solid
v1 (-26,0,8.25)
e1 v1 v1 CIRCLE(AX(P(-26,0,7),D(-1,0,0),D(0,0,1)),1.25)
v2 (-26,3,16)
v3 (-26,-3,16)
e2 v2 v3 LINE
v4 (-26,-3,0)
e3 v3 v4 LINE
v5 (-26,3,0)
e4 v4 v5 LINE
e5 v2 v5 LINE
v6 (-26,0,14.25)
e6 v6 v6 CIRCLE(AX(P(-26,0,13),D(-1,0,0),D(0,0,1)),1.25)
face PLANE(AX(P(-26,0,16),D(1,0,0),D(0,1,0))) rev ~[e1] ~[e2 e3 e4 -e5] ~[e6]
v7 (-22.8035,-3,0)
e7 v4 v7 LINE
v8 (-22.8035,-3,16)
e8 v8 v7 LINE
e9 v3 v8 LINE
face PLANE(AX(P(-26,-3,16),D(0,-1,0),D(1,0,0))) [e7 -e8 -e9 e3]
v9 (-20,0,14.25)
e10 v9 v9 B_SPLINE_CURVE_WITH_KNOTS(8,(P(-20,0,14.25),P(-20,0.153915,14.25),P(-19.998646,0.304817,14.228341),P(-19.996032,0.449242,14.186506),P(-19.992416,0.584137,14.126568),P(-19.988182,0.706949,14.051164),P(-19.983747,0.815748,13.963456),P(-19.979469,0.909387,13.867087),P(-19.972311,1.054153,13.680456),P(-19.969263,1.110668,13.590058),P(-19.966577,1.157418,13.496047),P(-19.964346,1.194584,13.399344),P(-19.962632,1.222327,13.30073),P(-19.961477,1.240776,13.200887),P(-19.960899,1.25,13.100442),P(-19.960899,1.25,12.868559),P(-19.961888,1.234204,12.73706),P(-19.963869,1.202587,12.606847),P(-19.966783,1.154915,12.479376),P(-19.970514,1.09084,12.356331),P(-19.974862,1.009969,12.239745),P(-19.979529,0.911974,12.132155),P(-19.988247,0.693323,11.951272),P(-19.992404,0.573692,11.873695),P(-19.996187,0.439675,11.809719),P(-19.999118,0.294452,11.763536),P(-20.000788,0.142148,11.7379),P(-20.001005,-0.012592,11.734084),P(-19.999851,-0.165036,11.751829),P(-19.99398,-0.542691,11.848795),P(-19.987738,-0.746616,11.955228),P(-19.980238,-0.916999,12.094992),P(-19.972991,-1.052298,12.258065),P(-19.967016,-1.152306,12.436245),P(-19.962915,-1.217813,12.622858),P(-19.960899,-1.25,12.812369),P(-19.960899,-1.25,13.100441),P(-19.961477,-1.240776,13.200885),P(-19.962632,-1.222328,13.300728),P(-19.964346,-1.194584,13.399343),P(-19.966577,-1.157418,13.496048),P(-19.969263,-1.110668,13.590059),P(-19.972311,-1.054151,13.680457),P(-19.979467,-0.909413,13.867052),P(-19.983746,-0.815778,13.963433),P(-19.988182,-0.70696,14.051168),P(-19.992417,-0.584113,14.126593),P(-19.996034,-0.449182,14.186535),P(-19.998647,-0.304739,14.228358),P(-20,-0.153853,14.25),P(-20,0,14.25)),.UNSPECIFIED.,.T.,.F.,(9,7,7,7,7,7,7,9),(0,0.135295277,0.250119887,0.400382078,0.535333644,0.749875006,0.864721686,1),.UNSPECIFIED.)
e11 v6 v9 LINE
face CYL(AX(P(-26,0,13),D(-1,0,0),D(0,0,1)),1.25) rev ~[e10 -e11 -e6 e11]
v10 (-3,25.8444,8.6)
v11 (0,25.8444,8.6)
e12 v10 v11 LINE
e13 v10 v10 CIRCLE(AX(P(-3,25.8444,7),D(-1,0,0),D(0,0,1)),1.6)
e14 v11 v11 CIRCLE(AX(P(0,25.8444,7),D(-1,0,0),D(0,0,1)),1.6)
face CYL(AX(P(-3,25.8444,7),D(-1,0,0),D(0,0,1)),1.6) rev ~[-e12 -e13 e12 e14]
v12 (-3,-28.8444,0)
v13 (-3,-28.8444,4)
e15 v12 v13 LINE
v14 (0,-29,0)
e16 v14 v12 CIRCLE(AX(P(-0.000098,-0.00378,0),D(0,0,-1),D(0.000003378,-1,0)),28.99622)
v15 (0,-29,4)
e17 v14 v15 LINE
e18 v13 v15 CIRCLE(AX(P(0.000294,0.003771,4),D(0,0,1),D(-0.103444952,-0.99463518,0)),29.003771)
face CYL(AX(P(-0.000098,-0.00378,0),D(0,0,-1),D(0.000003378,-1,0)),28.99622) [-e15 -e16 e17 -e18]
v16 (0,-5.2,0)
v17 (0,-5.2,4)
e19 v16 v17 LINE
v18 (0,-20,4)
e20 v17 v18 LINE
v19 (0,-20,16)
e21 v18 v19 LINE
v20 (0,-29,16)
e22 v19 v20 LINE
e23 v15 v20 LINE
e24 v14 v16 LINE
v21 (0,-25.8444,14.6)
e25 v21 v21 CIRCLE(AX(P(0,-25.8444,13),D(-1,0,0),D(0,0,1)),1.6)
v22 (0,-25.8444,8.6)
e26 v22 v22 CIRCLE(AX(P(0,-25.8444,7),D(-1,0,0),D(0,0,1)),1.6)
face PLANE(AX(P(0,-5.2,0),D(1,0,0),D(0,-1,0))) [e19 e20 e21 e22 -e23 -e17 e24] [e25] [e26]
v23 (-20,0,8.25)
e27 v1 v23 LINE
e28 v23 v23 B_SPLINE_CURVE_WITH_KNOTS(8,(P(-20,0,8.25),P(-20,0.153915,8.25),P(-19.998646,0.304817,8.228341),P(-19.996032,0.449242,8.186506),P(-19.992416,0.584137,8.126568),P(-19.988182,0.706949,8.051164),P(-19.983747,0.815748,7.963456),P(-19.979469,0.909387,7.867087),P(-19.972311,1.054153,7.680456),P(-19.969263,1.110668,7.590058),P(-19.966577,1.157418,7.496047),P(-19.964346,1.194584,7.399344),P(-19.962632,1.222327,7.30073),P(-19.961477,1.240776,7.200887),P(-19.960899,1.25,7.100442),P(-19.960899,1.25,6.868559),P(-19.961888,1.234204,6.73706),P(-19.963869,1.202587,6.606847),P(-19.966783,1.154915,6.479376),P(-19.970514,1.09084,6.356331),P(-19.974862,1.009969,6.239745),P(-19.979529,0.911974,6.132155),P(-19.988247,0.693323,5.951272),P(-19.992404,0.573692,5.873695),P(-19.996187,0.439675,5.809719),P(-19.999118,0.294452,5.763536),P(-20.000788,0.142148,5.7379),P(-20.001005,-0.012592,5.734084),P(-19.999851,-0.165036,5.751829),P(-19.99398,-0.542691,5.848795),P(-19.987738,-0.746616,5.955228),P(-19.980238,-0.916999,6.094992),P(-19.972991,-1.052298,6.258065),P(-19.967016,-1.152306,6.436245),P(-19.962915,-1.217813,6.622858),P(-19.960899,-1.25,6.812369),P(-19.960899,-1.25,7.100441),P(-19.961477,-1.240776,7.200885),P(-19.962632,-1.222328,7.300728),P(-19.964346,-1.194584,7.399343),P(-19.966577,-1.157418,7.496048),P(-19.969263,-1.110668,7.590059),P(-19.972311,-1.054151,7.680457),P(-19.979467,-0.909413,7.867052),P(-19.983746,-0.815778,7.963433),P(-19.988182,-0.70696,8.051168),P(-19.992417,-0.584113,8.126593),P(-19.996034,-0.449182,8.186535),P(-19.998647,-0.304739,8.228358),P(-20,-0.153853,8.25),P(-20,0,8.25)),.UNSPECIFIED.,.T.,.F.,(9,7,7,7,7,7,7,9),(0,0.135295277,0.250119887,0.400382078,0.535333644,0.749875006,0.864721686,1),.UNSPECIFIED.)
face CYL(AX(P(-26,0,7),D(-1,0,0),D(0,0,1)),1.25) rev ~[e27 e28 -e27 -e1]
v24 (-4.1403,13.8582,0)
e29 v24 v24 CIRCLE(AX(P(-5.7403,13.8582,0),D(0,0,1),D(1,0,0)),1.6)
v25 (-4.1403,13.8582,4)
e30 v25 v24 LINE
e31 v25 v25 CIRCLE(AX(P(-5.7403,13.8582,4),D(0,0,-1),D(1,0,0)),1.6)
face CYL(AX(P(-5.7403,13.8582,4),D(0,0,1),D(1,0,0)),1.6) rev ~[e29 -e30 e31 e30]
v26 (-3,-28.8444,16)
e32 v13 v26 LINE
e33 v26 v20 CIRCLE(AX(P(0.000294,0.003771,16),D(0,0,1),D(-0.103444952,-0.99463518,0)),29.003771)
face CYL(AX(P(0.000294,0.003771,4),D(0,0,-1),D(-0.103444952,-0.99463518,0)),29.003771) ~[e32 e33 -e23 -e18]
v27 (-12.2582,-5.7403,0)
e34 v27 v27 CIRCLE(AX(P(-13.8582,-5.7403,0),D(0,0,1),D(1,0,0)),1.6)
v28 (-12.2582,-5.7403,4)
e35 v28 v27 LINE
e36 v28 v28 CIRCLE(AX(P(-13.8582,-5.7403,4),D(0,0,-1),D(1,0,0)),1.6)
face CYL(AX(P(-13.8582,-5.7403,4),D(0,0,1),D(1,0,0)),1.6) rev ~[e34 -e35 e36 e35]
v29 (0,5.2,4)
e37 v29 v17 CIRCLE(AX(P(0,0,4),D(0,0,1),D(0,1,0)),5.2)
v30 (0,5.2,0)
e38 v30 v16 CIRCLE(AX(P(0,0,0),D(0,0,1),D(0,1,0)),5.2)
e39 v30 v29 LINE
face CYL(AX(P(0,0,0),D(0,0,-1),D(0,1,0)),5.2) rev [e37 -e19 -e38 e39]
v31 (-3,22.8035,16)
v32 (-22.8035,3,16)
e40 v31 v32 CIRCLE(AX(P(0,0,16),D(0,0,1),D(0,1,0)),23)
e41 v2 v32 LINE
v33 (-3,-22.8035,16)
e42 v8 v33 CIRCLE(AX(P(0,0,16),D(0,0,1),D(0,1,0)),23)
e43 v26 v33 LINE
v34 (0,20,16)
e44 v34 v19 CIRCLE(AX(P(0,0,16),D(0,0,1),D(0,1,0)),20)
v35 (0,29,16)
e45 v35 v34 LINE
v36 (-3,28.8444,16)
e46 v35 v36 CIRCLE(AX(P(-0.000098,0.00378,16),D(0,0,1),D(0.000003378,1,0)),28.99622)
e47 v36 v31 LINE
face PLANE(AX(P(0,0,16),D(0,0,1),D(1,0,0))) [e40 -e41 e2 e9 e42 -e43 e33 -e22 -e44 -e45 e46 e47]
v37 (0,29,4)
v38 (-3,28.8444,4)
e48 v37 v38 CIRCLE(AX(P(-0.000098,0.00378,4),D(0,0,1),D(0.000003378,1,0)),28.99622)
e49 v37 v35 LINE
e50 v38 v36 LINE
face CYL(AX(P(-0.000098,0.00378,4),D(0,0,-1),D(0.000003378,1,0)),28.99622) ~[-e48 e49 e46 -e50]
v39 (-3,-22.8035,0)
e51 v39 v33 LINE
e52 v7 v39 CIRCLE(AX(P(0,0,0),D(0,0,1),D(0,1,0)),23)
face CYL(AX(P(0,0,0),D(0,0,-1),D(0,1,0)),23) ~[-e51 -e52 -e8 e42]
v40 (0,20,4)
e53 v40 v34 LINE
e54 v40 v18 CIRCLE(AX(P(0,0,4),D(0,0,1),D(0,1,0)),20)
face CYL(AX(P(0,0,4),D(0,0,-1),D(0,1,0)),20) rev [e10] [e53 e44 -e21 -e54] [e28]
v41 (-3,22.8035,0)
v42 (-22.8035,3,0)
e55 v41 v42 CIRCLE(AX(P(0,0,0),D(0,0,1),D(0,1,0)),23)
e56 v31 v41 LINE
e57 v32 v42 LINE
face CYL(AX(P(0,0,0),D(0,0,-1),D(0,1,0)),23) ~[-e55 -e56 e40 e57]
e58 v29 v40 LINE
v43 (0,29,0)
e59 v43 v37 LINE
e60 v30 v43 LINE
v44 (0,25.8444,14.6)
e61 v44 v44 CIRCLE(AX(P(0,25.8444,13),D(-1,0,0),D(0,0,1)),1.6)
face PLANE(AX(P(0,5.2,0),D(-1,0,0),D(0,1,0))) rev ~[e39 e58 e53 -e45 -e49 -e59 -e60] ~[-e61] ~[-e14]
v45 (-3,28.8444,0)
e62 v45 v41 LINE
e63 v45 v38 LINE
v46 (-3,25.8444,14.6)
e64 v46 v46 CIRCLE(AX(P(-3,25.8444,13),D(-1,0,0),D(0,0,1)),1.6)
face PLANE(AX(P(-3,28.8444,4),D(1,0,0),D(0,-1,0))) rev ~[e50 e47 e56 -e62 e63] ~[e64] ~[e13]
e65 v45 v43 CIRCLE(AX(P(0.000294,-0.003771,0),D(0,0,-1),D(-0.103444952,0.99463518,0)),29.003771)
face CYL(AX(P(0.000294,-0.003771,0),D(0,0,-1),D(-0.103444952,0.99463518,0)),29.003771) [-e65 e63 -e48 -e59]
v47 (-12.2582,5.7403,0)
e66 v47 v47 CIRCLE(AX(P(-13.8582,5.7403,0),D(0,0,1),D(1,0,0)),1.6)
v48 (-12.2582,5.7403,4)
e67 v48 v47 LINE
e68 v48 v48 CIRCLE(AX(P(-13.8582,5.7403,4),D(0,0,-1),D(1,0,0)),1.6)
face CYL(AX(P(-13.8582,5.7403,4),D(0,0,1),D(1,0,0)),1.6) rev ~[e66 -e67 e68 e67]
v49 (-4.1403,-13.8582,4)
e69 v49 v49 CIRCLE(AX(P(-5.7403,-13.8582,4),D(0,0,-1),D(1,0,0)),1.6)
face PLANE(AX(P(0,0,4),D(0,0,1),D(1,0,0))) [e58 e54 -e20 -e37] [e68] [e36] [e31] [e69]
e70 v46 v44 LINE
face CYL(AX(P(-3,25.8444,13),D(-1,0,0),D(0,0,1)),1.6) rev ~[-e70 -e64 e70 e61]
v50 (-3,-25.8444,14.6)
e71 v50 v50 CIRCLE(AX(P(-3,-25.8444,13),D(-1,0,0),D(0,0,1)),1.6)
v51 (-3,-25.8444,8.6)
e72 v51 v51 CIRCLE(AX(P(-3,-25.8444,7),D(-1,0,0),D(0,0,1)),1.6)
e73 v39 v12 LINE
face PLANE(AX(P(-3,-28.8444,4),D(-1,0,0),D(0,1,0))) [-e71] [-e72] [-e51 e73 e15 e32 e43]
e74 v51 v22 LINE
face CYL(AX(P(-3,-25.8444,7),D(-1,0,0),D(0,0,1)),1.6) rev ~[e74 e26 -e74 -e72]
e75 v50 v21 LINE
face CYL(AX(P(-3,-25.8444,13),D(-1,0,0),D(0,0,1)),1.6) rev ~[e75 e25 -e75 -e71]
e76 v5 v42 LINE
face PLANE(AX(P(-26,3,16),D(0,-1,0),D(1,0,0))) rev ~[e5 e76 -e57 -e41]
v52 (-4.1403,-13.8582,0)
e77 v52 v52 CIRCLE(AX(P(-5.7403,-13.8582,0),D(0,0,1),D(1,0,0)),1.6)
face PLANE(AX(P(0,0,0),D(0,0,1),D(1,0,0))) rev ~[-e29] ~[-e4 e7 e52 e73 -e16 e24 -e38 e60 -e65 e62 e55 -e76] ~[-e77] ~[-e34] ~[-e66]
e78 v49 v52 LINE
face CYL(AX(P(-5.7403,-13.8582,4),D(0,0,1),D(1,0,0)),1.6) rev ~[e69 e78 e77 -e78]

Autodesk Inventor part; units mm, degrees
ref_plane "YZ Plane" through (0, 0, 0) normal (1, 0, 0) x (0, 1, 0)
ref_plane "XZ Plane" through (0, 0, 0) normal (0, 1, 0) x (-1, 0, 0)
ref_plane "XY Plane" through (0, 0, 0) normal (0, 0, 1) x (1, 0, 0)
sketch "스케치1" plane through (0, 0, 0) normal (0, 0, 1) x (1, 0, 0)
  arc A0 (0, 5.2) -> (0, -5.2) centre (0, 0) ccw
  arc A1 (0, 23) -> (0, -23) centre (0, 0) ccw
  line L0 (0, 0) -> (0, 23)
  line L1 (0, 0) -> (0, -23)
  dimension "d0" = 10.4
  dimension "d1" = 46
extrude "돌출1" add sketch "스케치1" along normal blind 4 contours A0 L1 A1 L0
sketch "스케치2" plane through (0, 0, 4) normal (0, 0, 1) x (1, 0, 0)
  arc A0 (0, 20) -> (0, -20) centre (0, 0) ccw
  arc A1 (0, 23) -> (0, -23) centre (0, 0) ccw
  line L0 (0, 20) -> (0, 29)
  line L1 (0, 0) -> (0, -29)
  arc A2 (-3, -28.8444) -> (0, -29) centre (0, 0) ccw
  arc A3 (0, 29) -> (-3, 28.8444) centre (0, 0) ccw
  line L2 (-3, 28.8444) -> (-3, 19.7737)
  line L3 (-3, -19.7737) -> (-3, -22.8035)
  line L4 (-3, -28.8444) -> (-3, -19.7737)
  line L5 (-3, 19.7737) -> (-3, 28.8444)
  line L6 (-3, 22.8035) -> (-3, 19.7737)
  line L7 (-3, -19.7737) -> (-3, -28.8444)
  line L8 (0, -29) -> (0, -20)
  line L9 (0, 20) -> (0, 29)
  line L10 (0, 29) -> (0, 20)
  line L11 (0, -20) -> (0, -29)
  dimension "d4" = 40
  dimension "d5" = 46
  dimension "d6" = 29
  dimension "d7" = 29
extrude "돌출2" add sketch "스케치2" along normal blind 12
sketch "스케치3" plane through (-3, -28.8444, 4) normal (-1, 0, 0) x (0, 0, 1)
  line L0 (0, 51.6479) -> (12, 51.6479) projected
  line L1 (12, 57.6888) -> (12, 51.6479) projected
  line L2 (0, 57.6888) -> (12, 57.6888) projected
  line L3 (0, 57.6888) -> (0, 51.6479) projected
  line L4 (12, 6.0409) -> (0, 6.0409) projected
  line L5 (0, 6.0409) -> (0, 0) projected
  line L6 (0, 0) -> (12, 0) projected
  line L7 (12, 6.0409) -> (12, 0) projected
  circle A0 centre (9, 3) radius 1.6
  circle A1 centre (3, 3) radius 1.6
  circle A2 centre (9, 54.6888) radius 1.6
  circle A3 centre (3, 54.6888) radius 1.6
  point P0 (-4, 28.8444)
  dimension "d16" = 3.2
  dimension "d17" = 3.2
  dimension "d18" = 3.2
  dimension "d19" = 3.2
  dimension "d20" = 3
  dimension "d21" = 3
  dimension "d22" = 3
  dimension "d23" = 3
  dimension "d24" = 3
  dimension "d25" = 3
  dimension "d26" = 3
  dimension "d27" = 3
extrude "돌출3" cut sketch "스케치3" against normal up to surface (3 mm away) contours A0 | A1 | A2 | A3
sketch "스케치4" plane through (0, 0, 4) normal (0, 0, 1) x (1, 0, 0)
  circle A0 centre (-5.7403, 13.8582) radius 1.25
  circle A1 centre (-5.7403, -13.8582) radius 1.25
  circle A2 centre (-13.8582, -5.7403) radius 1.25
  circle A3 centre (-13.8582, 5.7403) radius 1.25
  line L0 (-0.7301, 13.7687) -> (-0.7301, 13.7687)
  circle A4 centre (-5.7403, 13.8582) radius 1.6
  circle A5 centre (-13.8582, 5.7403) radius 1.6
  circle A6 centre (-13.8582, -5.7403) radius 1.6
  circle A7 centre (-5.7403, -13.8582) radius 1.6
  arc A8 (0, 20) -> (0, -20) centre (0, 0) ccw projected
  line L1 (0, -20) -> (0, -5.2) projected
  arc A9 (0, 5.2) -> (0, -5.2) centre (0, 0) ccw projected
  line L2 (0, 5.2) -> (0, 20) projected
  line L3 (0, 0) -> (-5.7403, 13.8582)
  line L4 (0, 0) -> (15, 0) construction
  line L5 (0, 0) -> (-13.8582, 5.7403)
  line L6 (0, 0) -> (15, 0) construction
  line L7 (0, 0) -> (-13.8582, 5.7403)
  line L8 (0, 0) -> (15, 0) construction
  line L9 (0, 0) -> (-13.8582, -5.7403)
  line L10 (0, 0) -> (15, 0) construction
  line L11 (0, 0) -> (-5.7403, -13.8582)
  line L12 (0, 0) -> (15, 0) construction
  dimension "d30" = 3.2
  dimension "d31" = 3.2
  dimension "d32" = 3.2
  dimension "d33" = 3.2
  dimension "d56" = 15
  dimension "d57" = 112.5
  dimension "d58" = 15
  dimension "d59" = 157.5
  dimension "d61" = 15
  dimension "d62" = 202.5
  dimension "d63" = 15
  dimension "d64" = 157.5
  dimension "d65" = 15
  dimension "d66" = 112.5
extrude "돌출4" cut sketch "스케치4" against normal up to surface (4 mm away) contours A0 | A4 | A1 | A7 | A2 | A6 | A3 | A5
sketch "스케치5" plane through (0, 0, 16) normal (0, 0, 1) x (1, 0, 0)
  circle A0 centre (0, 0) radius 23
  arc A1 (-3, 22.8035) -> (-3, -22.8035) centre (0, 0) ccw projected
  line L0 (-23, 0) -> (-26, 0)
  line L1 (-23, 0) -> (-20, 0) construction
  line L2 (-26, 0) -> (-26, -3)
  line L3 (-26, -3) -> (-22.8035, -3)
  line L4 (-26, 0) -> (-26, 3)
  line L5 (-26, 0) -> (-23, 0) construction
  line L6 (-26, 3) -> (-22.8035, 3)
  dimension "d36" = 46
  dimension "d37" = 3
  dimension "d38" = 180
  dimension "d39" = 3
  dimension "d40" = 90
  dimension "d41" = 90
  dimension "d42" = 3
  dimension "d43" = 90
extrude "돌출5" add sketch "스케치5" against normal blind 16 contours A0 L0 L4 L6 | L3 L2 L0 A0
sketch "스케치6" plane through (-26, -3, 16) normal (-1, 0, 0) x (0, 0, 1)
  line L0 (0, 6) -> (0, 0) projected
  line L1 (0, 6) -> (-16, 6) projected
  line L2 (-16, 0) -> (-16, 6) projected
  line L3 (0, 0) -> (-16, 0) projected
  circle A0 centre (-3, 3) radius 1.25
  circle A1 centre (-9, 3) radius 1.25
  point P0 (-16, 3)
  dimension "d46" = 2.5
  dimension "d47" = 2.5
  dimension "d48" = 3
  dimension "d49" = 7
  dimension "d50" = 3
  dimension "d51" = 3
extrude "돌출6" cut sketch "스케치6" against normal blind 8 contours A0 | A1
sketch "스케치7" plane through (0, 0, 0) normal (0, 0, -1) x (-1, 0, 0)
  arc A0 (0, -23) -> (3, -22.8035) centre (0, 0) ccw projected
  line L0 (0, -29) -> (0, -23) projected
  arc A1 (0, -29) -> (3, -28.8444) centre (0, 0) ccw projected
  line L1 (3, -22.8035) -> (3, -28.8444) projected
  arc A2 (3, 22.8035) -> (0, 23) centre (0, 0) ccw projected
  line L2 (3, 28.8444) -> (3, 22.8035) projected
  arc A3 (3, 28.8444) -> (0, 29) centre (0, 0) ccw projected
  line L3 (0, 23) -> (0, 29) projected
extrude "돌출7" add sketch "스케치7" against normal blind 4
properties part number "조인트3링크2고정부" material "알루미늄 6061"
